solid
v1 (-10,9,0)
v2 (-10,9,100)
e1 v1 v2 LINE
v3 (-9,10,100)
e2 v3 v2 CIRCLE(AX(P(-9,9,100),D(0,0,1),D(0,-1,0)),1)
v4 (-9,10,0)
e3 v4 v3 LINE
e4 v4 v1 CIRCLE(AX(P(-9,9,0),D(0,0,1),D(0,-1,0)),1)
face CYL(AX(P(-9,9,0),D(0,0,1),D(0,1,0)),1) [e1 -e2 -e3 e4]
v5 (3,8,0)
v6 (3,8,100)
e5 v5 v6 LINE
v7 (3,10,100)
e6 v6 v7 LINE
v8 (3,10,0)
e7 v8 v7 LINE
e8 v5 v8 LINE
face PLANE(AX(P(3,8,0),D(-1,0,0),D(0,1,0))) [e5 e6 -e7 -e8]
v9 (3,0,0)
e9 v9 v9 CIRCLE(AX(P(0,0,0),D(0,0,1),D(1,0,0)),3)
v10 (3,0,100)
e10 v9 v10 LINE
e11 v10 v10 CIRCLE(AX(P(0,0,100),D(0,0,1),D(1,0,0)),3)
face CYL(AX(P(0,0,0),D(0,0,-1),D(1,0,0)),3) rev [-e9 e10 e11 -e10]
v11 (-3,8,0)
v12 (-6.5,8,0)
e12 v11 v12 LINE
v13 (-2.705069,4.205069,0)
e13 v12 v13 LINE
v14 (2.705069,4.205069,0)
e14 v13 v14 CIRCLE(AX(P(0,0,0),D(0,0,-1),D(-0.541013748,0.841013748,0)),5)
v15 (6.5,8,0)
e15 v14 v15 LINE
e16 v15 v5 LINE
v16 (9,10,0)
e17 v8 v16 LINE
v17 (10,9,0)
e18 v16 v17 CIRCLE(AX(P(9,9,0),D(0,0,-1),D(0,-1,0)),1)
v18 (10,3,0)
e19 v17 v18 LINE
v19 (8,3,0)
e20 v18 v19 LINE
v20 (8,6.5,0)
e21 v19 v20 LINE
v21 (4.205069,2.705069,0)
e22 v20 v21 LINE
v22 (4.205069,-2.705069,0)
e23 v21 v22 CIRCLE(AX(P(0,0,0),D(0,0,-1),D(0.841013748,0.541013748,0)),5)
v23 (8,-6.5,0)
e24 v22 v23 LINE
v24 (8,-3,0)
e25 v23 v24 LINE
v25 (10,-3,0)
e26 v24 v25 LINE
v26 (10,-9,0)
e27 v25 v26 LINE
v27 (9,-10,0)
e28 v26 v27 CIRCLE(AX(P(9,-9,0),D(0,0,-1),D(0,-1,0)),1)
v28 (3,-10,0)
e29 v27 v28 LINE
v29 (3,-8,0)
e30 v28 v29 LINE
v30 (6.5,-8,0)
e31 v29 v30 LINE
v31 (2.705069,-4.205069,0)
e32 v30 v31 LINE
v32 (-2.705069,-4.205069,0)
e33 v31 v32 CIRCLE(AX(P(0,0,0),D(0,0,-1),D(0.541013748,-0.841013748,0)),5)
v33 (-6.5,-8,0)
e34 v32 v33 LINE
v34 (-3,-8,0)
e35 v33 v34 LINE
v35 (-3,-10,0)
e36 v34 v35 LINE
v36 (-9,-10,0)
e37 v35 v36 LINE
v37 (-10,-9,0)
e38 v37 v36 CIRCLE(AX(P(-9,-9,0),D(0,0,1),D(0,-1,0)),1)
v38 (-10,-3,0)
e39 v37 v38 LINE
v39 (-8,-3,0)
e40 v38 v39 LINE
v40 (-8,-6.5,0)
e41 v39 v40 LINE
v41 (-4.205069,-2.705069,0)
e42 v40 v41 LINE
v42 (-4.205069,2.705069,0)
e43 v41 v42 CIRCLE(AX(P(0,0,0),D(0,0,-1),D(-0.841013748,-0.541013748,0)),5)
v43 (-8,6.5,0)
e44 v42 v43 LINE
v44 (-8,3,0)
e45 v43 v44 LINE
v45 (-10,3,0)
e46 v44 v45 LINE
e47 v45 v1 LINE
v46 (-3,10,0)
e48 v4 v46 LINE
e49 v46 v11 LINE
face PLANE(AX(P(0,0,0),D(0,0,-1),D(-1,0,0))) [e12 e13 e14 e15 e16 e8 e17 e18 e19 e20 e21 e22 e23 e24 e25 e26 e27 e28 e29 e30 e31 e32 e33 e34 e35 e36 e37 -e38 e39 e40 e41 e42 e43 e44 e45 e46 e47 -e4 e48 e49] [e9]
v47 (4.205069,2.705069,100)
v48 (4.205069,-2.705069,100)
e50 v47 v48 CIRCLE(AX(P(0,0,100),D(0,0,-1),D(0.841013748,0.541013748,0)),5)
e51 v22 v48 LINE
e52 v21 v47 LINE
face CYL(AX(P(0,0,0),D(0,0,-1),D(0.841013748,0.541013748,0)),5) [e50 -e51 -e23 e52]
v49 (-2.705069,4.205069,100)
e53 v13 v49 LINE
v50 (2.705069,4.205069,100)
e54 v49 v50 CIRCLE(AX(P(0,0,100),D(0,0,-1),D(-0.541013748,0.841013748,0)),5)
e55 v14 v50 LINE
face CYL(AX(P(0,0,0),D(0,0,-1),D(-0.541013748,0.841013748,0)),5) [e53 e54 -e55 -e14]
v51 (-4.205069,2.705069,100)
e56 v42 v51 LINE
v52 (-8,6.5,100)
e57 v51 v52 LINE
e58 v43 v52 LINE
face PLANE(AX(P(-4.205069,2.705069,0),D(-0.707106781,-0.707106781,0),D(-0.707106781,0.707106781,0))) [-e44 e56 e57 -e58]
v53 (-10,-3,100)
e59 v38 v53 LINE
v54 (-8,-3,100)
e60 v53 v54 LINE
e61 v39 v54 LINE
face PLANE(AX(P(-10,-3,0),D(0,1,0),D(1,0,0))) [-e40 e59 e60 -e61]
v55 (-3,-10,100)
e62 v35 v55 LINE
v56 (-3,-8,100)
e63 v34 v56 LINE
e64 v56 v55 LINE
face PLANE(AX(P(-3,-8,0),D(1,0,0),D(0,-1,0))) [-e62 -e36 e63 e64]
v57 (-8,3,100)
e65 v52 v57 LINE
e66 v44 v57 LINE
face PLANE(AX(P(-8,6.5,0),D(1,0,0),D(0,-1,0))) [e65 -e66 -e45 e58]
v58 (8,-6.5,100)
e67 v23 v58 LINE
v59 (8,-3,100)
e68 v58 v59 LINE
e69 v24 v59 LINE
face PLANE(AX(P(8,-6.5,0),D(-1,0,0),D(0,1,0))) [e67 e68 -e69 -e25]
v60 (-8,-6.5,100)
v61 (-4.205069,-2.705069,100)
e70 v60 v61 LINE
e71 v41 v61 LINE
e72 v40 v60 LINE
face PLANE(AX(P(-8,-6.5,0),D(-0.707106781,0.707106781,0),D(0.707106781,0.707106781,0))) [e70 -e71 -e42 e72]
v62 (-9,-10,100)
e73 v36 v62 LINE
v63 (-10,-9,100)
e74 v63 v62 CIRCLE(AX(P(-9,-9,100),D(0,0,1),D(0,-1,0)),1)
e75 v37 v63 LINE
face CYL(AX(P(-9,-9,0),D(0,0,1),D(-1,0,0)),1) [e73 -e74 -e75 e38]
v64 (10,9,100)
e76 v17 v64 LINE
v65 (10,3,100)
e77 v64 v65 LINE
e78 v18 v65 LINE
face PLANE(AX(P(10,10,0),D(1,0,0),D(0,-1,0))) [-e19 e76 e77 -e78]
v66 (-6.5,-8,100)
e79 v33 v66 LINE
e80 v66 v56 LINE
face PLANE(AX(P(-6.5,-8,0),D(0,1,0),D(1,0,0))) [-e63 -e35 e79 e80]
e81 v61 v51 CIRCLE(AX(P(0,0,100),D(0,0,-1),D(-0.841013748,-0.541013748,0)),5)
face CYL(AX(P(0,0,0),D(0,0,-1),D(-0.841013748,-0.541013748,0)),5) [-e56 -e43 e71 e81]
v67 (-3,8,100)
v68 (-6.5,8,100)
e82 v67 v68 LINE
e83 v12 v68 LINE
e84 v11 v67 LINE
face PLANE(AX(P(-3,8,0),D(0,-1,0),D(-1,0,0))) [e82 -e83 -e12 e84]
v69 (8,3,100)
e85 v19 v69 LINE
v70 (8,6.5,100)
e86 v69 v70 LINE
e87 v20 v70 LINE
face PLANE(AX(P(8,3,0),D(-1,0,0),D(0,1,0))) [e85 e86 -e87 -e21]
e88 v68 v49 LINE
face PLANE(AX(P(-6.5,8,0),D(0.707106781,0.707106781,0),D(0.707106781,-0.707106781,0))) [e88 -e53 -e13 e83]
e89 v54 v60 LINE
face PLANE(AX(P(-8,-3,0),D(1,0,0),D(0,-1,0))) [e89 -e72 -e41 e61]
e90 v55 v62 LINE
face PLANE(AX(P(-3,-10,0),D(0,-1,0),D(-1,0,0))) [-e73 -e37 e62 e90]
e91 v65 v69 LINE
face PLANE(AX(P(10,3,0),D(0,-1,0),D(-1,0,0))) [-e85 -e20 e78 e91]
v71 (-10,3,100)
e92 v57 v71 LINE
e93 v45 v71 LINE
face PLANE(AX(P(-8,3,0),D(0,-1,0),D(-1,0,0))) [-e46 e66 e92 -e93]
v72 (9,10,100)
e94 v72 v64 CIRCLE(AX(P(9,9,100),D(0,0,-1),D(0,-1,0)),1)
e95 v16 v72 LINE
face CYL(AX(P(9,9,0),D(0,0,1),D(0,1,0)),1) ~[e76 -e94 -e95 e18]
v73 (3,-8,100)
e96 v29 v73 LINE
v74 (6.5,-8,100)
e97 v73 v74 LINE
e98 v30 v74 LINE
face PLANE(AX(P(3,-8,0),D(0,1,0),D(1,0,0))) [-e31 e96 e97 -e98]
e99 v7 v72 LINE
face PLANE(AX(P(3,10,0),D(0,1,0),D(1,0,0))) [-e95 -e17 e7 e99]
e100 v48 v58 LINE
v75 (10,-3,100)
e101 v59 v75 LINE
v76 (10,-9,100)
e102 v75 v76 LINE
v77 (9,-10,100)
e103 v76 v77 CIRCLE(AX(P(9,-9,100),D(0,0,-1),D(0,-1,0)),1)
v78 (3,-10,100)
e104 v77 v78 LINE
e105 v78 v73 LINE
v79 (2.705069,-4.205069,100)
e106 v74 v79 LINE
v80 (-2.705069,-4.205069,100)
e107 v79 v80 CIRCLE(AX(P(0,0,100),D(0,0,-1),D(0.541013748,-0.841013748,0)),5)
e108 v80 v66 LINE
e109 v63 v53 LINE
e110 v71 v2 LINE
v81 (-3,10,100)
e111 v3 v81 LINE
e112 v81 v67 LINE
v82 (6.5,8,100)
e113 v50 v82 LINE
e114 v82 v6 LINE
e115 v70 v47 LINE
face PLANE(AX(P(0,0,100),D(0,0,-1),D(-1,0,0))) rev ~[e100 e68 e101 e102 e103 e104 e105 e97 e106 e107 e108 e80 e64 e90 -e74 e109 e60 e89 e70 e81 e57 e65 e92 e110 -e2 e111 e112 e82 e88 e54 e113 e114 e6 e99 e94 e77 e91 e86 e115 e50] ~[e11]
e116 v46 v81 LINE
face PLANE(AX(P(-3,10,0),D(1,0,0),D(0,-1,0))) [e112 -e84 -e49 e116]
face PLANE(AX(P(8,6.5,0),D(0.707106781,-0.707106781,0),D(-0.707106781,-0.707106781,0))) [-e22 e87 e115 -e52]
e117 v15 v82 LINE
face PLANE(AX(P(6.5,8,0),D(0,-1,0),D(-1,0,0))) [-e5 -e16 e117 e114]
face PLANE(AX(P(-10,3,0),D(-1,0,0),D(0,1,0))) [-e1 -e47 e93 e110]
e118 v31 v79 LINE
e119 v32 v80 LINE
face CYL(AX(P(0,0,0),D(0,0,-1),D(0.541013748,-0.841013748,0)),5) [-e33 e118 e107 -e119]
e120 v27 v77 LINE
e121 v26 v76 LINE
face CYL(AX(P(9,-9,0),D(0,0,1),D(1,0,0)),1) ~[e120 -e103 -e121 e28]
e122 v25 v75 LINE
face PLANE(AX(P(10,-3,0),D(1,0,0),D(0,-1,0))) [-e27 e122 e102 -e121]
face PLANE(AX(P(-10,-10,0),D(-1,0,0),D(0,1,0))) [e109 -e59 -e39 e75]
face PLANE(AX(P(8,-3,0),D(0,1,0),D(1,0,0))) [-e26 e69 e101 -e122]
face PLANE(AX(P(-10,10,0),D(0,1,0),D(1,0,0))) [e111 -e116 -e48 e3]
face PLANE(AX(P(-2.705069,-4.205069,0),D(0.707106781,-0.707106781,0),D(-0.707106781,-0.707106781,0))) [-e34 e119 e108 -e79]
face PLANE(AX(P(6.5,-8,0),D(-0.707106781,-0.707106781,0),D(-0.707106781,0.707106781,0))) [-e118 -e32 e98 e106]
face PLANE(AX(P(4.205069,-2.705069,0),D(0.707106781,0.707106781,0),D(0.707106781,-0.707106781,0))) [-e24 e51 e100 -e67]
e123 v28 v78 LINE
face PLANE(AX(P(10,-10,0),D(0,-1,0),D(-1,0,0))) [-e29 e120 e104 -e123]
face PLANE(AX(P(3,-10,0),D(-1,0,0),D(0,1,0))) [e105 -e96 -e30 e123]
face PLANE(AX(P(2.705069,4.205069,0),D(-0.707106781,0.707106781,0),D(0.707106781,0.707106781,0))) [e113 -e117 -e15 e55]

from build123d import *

# Parameters (mm, degrees)
CROQUIS2_R              = 3
SALIENTE_EXTRUIR2_DEPTH = 100
REDONDEO2_R             = 1


with BuildPart() as part:
    # Croquis2 → Saliente-Extruir2 (new body)
    with BuildSketch(Plane.XY):
        with BuildLine():
            Line((-10, 10), (-3, 10))
            Line((-3, 10), (-3, 8))
            Line((-3, 8), (-6.5, 8))
            Line((-6.5, 8), (-2.70506874, 4.20506874))
            ThreePointArc((-2.70506874, 4.20506874), (0, 5), (2.70506874, 4.20506874))
            Line((2.70506874, 4.20506874), (6.5, 8))
            Line((6.5, 8), (3, 8))
            Line((3, 8), (3, 10))
            Line((3, 10), (10, 10))
            Line((10, 10), (10, 3))
            Line((10, 3), (8, 3))
            Line((8, 3), (8, 6.5))
            Line((8, 6.5), (4.20506874, 2.70506874))
            ThreePointArc((4.20506874, 2.70506874), (5, 0), (4.20506874, -2.70506874))
            Line((4.20506874, -2.70506874), (8, -6.5))
            Line((8, -6.5), (8, -3))
            Line((8, -3), (10, -3))
            Line((10, -3), (10, -10))
            Line((10, -10), (3, -10))
            Line((3, -10), (3, -8))
            Line((3, -8), (6.5, -8))
            Line((6.5, -8), (2.70506874, -4.20506874))
            ThreePointArc((2.70506874, -4.20506874), (0, -5), (-2.70506874, -4.20506874))
            Line((-2.70506874, -4.20506874), (-6.5, -8))
            Line((-6.5, -8), (-3, -8))
            Line((-3, -8), (-3, -10))
            Line((-3, -10), (-10, -10))
            Line((-10, -10), (-10, -3))
            Line((-10, -3), (-8, -3))
            Line((-8, -3), (-8, -6.5))
            Line((-8, -6.5), (-4.20506874, -2.70506874))
            ThreePointArc((-4.20506874, -2.70506874), (-5, 0), (-4.20506874, 2.70506874))
            Line((-4.20506874, 2.70506874), (-8, 6.5))
            Line((-8, 6.5), (-8, 3))
            Line((-8, 3), (-10, 3))
            Line((-10, 3), (-10, 10))
        make_face()
        Circle(CROQUIS2_R, mode=Mode.SUBTRACT)
    extrude(amount=SALIENTE_EXTRUIR2_DEPTH)

    # Redondeo2
    redondeo2_edges = [part.edges().sort_by_distance(p)[0] for p in [
        (-10, 10, 50),
        (10, 10, 50),
        (10, -10, 50),
        (-10, -10, 50),
    ]]
    fillet(redondeo2_edges, radius=REDONDEO2_R)


solid = part.part
